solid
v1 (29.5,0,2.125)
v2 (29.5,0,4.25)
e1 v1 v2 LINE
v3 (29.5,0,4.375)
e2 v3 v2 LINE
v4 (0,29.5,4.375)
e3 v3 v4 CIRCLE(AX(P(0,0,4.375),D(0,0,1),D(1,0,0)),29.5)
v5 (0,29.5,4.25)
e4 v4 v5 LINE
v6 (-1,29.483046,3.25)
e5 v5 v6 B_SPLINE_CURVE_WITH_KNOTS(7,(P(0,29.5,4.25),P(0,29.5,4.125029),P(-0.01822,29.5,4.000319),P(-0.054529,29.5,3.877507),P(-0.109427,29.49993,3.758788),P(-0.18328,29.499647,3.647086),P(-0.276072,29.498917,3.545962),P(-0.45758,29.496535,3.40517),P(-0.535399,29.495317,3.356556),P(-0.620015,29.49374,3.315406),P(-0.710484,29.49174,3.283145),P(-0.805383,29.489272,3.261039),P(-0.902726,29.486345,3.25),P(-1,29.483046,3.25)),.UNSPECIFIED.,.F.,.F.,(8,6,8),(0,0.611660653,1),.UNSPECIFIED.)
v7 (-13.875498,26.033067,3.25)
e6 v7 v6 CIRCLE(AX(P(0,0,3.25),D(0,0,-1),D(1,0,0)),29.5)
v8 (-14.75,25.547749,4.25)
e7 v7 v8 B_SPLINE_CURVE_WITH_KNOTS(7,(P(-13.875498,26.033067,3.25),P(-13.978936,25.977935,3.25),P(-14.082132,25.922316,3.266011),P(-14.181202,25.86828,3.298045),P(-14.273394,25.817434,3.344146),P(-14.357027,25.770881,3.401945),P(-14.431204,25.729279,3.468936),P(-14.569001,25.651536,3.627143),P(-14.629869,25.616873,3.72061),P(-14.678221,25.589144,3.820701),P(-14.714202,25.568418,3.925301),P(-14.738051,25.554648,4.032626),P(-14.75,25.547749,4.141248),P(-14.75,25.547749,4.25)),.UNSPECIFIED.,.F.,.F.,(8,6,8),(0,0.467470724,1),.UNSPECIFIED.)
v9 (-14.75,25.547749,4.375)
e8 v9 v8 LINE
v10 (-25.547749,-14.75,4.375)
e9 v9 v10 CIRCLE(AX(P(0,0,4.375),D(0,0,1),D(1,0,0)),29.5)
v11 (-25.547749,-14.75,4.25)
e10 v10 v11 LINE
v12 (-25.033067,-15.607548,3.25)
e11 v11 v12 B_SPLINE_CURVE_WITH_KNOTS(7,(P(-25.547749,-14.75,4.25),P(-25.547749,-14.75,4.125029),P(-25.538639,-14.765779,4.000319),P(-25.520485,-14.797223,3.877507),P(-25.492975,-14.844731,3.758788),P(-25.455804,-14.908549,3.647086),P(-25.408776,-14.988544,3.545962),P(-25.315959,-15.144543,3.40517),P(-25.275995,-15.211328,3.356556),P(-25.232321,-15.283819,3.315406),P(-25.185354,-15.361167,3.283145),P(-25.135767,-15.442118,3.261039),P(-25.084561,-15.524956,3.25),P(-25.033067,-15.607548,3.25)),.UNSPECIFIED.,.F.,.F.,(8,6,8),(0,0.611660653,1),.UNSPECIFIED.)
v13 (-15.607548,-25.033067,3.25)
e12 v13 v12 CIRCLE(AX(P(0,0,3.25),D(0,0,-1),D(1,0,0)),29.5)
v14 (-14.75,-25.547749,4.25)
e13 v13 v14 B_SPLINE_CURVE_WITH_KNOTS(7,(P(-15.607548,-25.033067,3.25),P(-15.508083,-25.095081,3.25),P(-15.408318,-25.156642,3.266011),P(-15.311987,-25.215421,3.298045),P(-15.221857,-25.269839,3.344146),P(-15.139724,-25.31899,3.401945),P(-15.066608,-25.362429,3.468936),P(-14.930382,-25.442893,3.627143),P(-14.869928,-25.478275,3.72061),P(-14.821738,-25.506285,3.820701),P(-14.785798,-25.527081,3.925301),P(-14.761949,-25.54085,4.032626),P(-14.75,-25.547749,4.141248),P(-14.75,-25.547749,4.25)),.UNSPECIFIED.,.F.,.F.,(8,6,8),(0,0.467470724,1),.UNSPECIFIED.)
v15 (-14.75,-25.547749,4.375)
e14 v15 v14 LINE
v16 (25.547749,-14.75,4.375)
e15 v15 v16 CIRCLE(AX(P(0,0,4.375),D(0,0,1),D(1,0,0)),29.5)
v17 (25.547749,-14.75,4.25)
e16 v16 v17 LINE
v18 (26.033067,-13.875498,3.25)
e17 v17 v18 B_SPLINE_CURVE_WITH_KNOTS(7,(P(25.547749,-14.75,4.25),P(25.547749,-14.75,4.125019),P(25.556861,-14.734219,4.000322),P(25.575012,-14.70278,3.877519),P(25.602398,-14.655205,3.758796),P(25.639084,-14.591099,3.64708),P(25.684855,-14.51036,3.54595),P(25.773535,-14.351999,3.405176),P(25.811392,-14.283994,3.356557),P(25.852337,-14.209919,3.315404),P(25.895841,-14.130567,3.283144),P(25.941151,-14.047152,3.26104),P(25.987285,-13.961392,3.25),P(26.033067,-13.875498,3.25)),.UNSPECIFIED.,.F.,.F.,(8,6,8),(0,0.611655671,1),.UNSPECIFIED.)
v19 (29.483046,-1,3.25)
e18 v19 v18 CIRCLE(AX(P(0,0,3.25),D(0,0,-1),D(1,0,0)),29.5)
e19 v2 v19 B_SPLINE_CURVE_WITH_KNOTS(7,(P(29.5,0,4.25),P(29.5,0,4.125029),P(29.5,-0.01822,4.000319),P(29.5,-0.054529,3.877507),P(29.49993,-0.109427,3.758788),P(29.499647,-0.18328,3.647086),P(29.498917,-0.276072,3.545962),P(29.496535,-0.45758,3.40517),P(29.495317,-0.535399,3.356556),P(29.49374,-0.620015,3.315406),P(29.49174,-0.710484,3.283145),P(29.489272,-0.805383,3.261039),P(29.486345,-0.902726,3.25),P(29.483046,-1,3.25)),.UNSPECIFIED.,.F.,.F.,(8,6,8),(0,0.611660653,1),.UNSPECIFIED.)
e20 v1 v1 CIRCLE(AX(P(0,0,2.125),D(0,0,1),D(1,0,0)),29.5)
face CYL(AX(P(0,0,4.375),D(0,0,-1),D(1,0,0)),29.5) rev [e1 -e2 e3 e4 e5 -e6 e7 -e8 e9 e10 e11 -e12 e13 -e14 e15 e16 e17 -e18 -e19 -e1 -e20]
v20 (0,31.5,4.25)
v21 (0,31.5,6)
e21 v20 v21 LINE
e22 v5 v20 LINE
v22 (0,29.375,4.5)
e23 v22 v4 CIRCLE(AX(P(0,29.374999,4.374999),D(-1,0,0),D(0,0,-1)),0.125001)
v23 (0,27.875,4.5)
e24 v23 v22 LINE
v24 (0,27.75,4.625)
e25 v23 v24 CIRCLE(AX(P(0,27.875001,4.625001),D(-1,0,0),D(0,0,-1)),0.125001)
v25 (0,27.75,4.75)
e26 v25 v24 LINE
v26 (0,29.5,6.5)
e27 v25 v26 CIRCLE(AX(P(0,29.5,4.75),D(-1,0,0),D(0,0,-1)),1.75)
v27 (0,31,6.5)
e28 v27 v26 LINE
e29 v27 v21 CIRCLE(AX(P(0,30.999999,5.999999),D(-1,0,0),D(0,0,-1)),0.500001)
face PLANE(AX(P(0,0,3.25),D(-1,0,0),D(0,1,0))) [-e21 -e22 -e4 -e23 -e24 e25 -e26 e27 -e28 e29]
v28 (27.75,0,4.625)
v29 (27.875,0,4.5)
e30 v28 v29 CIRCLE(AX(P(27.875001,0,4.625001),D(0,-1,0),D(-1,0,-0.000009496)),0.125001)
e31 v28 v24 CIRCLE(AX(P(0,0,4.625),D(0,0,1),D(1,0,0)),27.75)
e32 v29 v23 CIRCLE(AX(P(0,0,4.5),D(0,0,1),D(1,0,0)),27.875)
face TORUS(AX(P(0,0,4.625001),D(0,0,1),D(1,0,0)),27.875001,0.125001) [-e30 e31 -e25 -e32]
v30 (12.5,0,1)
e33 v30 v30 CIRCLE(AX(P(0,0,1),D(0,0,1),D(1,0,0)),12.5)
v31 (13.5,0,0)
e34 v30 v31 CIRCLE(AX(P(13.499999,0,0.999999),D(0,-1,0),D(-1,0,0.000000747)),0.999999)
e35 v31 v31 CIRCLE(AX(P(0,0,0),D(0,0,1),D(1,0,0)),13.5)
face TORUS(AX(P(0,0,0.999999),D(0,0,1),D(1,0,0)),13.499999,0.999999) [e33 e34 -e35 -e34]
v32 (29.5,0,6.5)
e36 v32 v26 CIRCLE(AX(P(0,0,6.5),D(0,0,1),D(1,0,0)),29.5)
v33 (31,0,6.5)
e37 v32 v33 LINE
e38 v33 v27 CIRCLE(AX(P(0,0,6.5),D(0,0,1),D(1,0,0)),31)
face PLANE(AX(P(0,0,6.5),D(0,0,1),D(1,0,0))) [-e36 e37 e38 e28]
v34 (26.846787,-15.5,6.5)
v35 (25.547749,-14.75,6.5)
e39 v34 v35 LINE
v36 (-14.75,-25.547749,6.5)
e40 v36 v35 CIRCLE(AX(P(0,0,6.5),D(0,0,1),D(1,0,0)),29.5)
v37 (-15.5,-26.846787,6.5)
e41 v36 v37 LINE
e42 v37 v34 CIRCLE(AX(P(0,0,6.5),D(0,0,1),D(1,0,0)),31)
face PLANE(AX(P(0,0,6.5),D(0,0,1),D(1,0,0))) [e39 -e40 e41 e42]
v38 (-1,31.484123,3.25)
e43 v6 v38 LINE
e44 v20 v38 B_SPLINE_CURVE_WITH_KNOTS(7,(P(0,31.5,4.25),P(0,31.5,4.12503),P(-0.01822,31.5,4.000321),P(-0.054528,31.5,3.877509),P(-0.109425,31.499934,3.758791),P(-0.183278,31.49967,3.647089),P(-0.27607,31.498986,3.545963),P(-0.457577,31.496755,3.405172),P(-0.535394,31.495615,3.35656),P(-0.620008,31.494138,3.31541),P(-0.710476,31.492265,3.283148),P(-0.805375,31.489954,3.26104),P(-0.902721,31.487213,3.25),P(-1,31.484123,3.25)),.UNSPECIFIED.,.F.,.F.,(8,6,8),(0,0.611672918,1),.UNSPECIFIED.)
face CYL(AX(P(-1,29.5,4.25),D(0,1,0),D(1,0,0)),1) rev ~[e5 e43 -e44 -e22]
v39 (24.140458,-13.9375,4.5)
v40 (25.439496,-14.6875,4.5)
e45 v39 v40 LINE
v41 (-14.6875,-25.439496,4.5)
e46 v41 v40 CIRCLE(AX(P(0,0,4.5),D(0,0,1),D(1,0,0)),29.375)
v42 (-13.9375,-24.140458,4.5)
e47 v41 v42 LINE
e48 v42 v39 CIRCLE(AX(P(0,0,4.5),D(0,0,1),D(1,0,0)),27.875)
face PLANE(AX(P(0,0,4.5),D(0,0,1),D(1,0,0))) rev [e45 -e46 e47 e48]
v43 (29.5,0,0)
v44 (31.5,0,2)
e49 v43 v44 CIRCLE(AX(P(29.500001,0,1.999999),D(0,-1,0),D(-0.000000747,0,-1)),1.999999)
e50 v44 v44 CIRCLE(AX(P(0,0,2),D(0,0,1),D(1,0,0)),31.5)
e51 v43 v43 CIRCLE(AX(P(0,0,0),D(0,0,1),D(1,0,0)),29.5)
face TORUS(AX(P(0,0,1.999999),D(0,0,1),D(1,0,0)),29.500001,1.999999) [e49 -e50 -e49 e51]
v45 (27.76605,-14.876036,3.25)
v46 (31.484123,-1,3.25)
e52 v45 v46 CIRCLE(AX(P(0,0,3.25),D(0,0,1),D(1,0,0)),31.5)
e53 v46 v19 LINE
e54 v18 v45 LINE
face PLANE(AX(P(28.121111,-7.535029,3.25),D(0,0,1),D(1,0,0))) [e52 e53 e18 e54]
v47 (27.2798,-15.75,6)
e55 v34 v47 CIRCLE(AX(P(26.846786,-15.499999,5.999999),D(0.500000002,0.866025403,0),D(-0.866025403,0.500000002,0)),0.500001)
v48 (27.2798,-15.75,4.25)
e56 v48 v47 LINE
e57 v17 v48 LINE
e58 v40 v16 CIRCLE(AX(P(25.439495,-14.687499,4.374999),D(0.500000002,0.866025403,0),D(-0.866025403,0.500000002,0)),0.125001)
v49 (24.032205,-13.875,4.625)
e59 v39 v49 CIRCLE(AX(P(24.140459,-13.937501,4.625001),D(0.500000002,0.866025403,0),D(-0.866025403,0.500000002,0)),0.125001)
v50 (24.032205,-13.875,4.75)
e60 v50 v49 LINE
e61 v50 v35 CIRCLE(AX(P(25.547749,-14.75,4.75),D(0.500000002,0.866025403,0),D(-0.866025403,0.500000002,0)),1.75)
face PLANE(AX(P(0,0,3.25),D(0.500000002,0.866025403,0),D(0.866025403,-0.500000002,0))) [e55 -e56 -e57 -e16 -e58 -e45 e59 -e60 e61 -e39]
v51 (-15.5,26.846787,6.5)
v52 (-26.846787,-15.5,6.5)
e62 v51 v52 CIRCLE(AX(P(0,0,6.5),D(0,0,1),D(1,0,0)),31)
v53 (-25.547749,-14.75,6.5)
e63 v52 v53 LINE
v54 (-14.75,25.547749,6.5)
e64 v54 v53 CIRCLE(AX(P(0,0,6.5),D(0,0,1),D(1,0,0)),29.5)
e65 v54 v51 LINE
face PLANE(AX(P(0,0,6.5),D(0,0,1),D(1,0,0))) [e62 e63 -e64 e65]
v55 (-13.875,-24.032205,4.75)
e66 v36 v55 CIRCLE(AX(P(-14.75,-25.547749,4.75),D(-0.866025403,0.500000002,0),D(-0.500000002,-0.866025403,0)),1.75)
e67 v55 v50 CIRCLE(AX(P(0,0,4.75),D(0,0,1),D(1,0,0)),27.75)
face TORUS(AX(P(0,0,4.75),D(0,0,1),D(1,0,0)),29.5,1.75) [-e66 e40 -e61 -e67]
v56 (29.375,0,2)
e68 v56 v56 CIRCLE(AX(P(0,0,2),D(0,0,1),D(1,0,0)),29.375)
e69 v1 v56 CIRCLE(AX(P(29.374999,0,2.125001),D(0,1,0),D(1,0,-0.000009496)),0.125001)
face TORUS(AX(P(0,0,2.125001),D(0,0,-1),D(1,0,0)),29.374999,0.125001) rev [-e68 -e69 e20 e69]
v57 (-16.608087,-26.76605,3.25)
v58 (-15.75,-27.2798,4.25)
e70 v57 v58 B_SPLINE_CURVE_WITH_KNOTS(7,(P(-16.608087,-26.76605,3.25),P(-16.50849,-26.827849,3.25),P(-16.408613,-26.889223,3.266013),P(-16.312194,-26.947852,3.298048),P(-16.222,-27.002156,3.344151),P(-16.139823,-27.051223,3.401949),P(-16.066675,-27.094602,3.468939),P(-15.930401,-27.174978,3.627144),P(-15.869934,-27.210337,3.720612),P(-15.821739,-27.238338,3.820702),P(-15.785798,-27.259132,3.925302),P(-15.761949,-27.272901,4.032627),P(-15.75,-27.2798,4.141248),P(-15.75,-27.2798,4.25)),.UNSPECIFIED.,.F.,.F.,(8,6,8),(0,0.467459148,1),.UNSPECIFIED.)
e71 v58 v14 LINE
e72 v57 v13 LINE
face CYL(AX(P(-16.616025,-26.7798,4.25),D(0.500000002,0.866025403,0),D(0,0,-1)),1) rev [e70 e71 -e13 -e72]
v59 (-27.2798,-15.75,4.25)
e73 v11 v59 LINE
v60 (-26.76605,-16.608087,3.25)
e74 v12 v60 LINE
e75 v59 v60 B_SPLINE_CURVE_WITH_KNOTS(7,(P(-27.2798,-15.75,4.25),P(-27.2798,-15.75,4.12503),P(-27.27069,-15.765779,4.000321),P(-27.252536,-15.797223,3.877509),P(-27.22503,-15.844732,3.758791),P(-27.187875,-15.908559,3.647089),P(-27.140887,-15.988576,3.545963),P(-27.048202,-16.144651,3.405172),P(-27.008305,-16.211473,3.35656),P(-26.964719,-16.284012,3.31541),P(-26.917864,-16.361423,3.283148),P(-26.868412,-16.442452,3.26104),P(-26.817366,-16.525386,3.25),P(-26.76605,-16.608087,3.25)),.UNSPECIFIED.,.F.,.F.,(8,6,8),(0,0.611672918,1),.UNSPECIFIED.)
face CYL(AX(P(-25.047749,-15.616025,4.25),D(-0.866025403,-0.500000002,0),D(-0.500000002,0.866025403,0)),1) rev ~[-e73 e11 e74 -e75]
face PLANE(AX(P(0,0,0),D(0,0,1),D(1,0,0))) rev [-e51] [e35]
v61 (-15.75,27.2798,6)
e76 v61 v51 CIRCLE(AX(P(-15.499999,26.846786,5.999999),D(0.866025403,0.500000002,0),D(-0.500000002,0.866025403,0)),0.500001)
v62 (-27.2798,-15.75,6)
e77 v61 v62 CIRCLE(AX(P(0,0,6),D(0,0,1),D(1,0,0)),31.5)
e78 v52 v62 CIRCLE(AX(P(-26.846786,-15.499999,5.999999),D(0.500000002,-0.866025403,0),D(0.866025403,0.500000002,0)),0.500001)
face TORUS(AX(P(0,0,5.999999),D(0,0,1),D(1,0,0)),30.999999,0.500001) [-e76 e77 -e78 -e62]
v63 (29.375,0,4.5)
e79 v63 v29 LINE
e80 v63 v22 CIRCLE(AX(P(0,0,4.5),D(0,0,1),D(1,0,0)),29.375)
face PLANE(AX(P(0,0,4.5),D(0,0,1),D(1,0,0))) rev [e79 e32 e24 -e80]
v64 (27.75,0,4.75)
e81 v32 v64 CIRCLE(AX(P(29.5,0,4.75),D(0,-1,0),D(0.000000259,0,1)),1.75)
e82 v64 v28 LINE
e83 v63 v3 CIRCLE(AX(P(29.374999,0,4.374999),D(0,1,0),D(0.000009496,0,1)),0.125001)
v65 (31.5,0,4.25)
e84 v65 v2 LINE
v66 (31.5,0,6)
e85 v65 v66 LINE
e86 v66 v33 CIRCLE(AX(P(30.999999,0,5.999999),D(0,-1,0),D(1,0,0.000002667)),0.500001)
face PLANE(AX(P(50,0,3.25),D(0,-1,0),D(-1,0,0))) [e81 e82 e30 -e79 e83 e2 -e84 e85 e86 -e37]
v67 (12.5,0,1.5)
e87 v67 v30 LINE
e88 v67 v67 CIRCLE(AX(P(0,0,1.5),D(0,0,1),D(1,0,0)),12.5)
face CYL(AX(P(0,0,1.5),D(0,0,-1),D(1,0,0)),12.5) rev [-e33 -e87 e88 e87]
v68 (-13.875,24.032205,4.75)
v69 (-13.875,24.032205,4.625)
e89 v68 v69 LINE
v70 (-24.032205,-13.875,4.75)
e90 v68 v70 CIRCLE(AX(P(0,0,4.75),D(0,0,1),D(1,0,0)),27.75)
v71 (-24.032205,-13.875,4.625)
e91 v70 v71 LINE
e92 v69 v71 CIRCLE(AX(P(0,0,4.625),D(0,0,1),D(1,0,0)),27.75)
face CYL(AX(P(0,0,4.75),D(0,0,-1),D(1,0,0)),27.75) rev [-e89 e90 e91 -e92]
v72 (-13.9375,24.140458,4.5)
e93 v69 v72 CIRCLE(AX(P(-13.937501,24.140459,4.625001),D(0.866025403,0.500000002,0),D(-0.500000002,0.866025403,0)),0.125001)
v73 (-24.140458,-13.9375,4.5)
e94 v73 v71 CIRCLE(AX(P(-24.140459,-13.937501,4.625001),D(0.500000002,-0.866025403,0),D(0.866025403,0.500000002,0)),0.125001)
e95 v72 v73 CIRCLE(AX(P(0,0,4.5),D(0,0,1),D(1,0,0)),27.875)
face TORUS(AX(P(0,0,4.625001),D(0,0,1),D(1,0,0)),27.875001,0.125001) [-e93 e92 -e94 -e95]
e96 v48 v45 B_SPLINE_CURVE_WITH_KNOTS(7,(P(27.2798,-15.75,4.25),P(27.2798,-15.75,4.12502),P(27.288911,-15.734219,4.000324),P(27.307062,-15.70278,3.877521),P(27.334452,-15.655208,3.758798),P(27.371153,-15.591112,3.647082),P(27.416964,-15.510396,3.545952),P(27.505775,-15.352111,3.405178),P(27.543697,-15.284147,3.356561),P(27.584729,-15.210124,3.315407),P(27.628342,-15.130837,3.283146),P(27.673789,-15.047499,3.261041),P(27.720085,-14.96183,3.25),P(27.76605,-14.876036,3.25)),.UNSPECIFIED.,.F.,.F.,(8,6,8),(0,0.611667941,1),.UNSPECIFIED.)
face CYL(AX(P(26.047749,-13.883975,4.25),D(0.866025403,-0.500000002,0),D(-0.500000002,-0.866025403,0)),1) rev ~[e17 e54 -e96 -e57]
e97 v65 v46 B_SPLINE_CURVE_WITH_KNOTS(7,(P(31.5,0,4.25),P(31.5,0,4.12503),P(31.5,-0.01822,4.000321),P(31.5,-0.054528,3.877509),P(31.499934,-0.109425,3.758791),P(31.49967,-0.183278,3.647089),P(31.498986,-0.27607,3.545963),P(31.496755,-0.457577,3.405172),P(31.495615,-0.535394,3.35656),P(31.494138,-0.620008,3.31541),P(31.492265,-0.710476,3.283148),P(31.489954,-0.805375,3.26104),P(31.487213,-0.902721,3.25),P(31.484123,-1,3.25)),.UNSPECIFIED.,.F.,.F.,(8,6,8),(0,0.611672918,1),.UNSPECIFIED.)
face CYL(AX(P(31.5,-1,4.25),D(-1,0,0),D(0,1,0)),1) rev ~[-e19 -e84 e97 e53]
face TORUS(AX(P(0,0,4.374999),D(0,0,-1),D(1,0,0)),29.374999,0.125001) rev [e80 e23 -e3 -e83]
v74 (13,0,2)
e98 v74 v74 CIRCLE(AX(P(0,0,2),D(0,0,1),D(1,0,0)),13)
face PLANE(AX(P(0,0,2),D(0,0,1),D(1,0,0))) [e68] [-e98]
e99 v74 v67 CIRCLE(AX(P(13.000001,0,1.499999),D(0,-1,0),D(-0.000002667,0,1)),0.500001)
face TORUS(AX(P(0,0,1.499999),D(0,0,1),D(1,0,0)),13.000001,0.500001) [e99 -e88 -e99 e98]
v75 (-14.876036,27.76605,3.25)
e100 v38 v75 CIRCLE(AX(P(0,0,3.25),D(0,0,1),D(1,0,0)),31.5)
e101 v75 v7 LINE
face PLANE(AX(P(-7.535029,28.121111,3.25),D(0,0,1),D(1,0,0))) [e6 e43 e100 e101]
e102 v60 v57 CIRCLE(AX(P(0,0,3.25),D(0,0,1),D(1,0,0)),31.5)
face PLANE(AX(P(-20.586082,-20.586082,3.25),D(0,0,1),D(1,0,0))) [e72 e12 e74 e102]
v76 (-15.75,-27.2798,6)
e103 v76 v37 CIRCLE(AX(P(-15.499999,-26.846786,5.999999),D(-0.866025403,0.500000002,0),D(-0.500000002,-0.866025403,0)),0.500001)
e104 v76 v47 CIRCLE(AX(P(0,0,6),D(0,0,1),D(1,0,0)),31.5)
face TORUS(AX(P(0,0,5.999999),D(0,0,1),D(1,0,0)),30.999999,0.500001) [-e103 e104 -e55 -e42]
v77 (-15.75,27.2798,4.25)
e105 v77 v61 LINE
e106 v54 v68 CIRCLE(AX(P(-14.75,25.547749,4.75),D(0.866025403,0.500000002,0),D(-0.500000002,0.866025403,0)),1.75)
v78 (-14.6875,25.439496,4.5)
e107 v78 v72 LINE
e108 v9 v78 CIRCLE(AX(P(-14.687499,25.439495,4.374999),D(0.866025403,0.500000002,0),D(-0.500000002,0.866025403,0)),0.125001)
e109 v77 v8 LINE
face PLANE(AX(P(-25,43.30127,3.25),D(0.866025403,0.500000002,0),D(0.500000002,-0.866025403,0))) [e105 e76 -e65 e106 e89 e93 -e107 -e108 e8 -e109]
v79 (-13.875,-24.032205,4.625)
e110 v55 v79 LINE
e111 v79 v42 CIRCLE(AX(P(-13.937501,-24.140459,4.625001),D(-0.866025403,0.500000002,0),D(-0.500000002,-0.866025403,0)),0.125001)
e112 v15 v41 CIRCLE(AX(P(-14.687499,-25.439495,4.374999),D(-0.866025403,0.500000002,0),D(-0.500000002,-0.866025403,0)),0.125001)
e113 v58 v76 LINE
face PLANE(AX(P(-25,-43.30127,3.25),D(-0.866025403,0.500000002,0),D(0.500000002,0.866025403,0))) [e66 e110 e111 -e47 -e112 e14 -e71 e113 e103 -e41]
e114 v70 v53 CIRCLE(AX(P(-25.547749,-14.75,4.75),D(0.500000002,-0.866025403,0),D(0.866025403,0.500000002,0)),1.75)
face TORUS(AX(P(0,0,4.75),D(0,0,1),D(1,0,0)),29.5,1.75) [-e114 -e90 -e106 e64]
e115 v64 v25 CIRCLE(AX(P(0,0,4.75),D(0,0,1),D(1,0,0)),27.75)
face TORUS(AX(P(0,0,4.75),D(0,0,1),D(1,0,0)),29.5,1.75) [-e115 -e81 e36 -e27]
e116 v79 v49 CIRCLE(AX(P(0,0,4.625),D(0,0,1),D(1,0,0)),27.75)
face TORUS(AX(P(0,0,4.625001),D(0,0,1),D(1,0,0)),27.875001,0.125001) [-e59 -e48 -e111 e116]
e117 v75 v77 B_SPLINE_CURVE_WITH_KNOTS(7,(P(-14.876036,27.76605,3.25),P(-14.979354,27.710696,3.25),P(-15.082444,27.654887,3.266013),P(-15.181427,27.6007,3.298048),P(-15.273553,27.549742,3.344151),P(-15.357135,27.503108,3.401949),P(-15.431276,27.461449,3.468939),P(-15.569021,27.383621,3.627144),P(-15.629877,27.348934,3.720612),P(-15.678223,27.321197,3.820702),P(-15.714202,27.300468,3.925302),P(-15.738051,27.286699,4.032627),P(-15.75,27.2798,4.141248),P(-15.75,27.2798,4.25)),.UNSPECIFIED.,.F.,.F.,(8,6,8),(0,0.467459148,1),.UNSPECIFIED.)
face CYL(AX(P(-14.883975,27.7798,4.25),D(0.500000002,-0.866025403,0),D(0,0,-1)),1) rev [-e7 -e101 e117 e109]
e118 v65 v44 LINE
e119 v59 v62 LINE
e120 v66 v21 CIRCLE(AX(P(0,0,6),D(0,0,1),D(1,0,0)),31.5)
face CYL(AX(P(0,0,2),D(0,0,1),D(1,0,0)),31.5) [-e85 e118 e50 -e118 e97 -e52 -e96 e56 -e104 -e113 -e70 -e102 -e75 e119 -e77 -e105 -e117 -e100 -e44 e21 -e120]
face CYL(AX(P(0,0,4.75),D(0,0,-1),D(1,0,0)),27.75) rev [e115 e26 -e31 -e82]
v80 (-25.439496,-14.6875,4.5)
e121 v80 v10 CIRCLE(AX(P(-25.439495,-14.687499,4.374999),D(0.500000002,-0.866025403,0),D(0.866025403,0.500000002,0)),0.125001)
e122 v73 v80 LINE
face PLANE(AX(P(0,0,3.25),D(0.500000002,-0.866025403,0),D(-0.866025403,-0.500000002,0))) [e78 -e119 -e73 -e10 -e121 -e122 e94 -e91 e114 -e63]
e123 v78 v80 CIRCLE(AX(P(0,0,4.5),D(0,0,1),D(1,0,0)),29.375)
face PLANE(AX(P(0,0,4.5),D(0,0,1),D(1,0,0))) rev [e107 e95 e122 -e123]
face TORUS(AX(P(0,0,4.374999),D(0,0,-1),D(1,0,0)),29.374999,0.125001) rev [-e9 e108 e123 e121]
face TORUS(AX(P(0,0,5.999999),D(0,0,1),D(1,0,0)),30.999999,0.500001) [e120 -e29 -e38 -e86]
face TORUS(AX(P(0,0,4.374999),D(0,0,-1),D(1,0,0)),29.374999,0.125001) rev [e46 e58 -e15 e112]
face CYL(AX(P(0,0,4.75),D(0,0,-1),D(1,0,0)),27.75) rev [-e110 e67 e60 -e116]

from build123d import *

# Parameters (mm, degrees)
F5_DEPTH = 25
F6_R     = 1


with BuildPart() as f2:
    # F0 (on Front) → F2 (revolve)
    with BuildSketch(Plane.XZ):
        with BuildLine():
            ThreePointArc((12.5, 1), (12.792893, 0.292893), (13.5, 0))
            Line((13.5, 0), (29.5, 0))
            ThreePointArc((29.5, 0), (30.914214, 0.585786), (31.5, 2))
            Line((31.5, 2), (31.5, 6))
            ThreePointArc((31.5, 6), (31.353553, 6.353553), (31, 6.5))
            Line((31, 6.5), (29.5, 6.5))
            ThreePointArc((29.5, 6.5), (28.262563, 5.987437), (27.75, 4.75))
            Line((27.75, 4.75), (27.75, 4.625))
            ThreePointArc((27.75, 4.625), (27.786612, 4.536612), (27.875, 4.5))
            Line((27.875, 4.5), (29.375, 4.5))
            ThreePointArc((29.375, 4.5), (29.463388, 4.463388), (29.5, 4.375))
            Line((29.5, 4.375), (29.5, 2.125))
            ThreePointArc((29.5, 2.125), (29.463388, 2.036612), (29.375, 2))
            Line((29.375, 2), (13, 2))
            ThreePointArc((13, 2), (12.646447, 1.853553), (12.5, 1.5))
            Line((12.5, 1.5), (12.5, 1))
        make_face()
    revolve(axis=Axis((0, 0, 17.760679), (0, 0, 1)))

    # F4 (on offset) → F5 (cut)
    with BuildSketch(Plane.XY.offset(3.25)):
        Polygon((-25, 43.30127), (0, 0), (0, 50), align=None)
        Polygon((50, 0), (0, 0), (43.30127, -25), align=None)
        Polygon((-25, -43.30127), (0, 0), (-43.30127, -25), align=None)
    extrude(amount=F5_DEPTH, mode=Mode.SUBTRACT)

    # F6
    f6_edges = [f2.edges().sort_by_distance(p)[0] for p in [
        (0, 30.5, 3.25),
        (-15.25, 26.413775, 3.25),
        (30.5, 0, 3.25),
        (26.413775, -15.25, 3.25),
        (-15.25, -26.413775, 3.25),
        (-26.413775, -15.25, 3.25),
    ]]
    fillet(f6_edges, radius=F6_R)


solid = f2.part
